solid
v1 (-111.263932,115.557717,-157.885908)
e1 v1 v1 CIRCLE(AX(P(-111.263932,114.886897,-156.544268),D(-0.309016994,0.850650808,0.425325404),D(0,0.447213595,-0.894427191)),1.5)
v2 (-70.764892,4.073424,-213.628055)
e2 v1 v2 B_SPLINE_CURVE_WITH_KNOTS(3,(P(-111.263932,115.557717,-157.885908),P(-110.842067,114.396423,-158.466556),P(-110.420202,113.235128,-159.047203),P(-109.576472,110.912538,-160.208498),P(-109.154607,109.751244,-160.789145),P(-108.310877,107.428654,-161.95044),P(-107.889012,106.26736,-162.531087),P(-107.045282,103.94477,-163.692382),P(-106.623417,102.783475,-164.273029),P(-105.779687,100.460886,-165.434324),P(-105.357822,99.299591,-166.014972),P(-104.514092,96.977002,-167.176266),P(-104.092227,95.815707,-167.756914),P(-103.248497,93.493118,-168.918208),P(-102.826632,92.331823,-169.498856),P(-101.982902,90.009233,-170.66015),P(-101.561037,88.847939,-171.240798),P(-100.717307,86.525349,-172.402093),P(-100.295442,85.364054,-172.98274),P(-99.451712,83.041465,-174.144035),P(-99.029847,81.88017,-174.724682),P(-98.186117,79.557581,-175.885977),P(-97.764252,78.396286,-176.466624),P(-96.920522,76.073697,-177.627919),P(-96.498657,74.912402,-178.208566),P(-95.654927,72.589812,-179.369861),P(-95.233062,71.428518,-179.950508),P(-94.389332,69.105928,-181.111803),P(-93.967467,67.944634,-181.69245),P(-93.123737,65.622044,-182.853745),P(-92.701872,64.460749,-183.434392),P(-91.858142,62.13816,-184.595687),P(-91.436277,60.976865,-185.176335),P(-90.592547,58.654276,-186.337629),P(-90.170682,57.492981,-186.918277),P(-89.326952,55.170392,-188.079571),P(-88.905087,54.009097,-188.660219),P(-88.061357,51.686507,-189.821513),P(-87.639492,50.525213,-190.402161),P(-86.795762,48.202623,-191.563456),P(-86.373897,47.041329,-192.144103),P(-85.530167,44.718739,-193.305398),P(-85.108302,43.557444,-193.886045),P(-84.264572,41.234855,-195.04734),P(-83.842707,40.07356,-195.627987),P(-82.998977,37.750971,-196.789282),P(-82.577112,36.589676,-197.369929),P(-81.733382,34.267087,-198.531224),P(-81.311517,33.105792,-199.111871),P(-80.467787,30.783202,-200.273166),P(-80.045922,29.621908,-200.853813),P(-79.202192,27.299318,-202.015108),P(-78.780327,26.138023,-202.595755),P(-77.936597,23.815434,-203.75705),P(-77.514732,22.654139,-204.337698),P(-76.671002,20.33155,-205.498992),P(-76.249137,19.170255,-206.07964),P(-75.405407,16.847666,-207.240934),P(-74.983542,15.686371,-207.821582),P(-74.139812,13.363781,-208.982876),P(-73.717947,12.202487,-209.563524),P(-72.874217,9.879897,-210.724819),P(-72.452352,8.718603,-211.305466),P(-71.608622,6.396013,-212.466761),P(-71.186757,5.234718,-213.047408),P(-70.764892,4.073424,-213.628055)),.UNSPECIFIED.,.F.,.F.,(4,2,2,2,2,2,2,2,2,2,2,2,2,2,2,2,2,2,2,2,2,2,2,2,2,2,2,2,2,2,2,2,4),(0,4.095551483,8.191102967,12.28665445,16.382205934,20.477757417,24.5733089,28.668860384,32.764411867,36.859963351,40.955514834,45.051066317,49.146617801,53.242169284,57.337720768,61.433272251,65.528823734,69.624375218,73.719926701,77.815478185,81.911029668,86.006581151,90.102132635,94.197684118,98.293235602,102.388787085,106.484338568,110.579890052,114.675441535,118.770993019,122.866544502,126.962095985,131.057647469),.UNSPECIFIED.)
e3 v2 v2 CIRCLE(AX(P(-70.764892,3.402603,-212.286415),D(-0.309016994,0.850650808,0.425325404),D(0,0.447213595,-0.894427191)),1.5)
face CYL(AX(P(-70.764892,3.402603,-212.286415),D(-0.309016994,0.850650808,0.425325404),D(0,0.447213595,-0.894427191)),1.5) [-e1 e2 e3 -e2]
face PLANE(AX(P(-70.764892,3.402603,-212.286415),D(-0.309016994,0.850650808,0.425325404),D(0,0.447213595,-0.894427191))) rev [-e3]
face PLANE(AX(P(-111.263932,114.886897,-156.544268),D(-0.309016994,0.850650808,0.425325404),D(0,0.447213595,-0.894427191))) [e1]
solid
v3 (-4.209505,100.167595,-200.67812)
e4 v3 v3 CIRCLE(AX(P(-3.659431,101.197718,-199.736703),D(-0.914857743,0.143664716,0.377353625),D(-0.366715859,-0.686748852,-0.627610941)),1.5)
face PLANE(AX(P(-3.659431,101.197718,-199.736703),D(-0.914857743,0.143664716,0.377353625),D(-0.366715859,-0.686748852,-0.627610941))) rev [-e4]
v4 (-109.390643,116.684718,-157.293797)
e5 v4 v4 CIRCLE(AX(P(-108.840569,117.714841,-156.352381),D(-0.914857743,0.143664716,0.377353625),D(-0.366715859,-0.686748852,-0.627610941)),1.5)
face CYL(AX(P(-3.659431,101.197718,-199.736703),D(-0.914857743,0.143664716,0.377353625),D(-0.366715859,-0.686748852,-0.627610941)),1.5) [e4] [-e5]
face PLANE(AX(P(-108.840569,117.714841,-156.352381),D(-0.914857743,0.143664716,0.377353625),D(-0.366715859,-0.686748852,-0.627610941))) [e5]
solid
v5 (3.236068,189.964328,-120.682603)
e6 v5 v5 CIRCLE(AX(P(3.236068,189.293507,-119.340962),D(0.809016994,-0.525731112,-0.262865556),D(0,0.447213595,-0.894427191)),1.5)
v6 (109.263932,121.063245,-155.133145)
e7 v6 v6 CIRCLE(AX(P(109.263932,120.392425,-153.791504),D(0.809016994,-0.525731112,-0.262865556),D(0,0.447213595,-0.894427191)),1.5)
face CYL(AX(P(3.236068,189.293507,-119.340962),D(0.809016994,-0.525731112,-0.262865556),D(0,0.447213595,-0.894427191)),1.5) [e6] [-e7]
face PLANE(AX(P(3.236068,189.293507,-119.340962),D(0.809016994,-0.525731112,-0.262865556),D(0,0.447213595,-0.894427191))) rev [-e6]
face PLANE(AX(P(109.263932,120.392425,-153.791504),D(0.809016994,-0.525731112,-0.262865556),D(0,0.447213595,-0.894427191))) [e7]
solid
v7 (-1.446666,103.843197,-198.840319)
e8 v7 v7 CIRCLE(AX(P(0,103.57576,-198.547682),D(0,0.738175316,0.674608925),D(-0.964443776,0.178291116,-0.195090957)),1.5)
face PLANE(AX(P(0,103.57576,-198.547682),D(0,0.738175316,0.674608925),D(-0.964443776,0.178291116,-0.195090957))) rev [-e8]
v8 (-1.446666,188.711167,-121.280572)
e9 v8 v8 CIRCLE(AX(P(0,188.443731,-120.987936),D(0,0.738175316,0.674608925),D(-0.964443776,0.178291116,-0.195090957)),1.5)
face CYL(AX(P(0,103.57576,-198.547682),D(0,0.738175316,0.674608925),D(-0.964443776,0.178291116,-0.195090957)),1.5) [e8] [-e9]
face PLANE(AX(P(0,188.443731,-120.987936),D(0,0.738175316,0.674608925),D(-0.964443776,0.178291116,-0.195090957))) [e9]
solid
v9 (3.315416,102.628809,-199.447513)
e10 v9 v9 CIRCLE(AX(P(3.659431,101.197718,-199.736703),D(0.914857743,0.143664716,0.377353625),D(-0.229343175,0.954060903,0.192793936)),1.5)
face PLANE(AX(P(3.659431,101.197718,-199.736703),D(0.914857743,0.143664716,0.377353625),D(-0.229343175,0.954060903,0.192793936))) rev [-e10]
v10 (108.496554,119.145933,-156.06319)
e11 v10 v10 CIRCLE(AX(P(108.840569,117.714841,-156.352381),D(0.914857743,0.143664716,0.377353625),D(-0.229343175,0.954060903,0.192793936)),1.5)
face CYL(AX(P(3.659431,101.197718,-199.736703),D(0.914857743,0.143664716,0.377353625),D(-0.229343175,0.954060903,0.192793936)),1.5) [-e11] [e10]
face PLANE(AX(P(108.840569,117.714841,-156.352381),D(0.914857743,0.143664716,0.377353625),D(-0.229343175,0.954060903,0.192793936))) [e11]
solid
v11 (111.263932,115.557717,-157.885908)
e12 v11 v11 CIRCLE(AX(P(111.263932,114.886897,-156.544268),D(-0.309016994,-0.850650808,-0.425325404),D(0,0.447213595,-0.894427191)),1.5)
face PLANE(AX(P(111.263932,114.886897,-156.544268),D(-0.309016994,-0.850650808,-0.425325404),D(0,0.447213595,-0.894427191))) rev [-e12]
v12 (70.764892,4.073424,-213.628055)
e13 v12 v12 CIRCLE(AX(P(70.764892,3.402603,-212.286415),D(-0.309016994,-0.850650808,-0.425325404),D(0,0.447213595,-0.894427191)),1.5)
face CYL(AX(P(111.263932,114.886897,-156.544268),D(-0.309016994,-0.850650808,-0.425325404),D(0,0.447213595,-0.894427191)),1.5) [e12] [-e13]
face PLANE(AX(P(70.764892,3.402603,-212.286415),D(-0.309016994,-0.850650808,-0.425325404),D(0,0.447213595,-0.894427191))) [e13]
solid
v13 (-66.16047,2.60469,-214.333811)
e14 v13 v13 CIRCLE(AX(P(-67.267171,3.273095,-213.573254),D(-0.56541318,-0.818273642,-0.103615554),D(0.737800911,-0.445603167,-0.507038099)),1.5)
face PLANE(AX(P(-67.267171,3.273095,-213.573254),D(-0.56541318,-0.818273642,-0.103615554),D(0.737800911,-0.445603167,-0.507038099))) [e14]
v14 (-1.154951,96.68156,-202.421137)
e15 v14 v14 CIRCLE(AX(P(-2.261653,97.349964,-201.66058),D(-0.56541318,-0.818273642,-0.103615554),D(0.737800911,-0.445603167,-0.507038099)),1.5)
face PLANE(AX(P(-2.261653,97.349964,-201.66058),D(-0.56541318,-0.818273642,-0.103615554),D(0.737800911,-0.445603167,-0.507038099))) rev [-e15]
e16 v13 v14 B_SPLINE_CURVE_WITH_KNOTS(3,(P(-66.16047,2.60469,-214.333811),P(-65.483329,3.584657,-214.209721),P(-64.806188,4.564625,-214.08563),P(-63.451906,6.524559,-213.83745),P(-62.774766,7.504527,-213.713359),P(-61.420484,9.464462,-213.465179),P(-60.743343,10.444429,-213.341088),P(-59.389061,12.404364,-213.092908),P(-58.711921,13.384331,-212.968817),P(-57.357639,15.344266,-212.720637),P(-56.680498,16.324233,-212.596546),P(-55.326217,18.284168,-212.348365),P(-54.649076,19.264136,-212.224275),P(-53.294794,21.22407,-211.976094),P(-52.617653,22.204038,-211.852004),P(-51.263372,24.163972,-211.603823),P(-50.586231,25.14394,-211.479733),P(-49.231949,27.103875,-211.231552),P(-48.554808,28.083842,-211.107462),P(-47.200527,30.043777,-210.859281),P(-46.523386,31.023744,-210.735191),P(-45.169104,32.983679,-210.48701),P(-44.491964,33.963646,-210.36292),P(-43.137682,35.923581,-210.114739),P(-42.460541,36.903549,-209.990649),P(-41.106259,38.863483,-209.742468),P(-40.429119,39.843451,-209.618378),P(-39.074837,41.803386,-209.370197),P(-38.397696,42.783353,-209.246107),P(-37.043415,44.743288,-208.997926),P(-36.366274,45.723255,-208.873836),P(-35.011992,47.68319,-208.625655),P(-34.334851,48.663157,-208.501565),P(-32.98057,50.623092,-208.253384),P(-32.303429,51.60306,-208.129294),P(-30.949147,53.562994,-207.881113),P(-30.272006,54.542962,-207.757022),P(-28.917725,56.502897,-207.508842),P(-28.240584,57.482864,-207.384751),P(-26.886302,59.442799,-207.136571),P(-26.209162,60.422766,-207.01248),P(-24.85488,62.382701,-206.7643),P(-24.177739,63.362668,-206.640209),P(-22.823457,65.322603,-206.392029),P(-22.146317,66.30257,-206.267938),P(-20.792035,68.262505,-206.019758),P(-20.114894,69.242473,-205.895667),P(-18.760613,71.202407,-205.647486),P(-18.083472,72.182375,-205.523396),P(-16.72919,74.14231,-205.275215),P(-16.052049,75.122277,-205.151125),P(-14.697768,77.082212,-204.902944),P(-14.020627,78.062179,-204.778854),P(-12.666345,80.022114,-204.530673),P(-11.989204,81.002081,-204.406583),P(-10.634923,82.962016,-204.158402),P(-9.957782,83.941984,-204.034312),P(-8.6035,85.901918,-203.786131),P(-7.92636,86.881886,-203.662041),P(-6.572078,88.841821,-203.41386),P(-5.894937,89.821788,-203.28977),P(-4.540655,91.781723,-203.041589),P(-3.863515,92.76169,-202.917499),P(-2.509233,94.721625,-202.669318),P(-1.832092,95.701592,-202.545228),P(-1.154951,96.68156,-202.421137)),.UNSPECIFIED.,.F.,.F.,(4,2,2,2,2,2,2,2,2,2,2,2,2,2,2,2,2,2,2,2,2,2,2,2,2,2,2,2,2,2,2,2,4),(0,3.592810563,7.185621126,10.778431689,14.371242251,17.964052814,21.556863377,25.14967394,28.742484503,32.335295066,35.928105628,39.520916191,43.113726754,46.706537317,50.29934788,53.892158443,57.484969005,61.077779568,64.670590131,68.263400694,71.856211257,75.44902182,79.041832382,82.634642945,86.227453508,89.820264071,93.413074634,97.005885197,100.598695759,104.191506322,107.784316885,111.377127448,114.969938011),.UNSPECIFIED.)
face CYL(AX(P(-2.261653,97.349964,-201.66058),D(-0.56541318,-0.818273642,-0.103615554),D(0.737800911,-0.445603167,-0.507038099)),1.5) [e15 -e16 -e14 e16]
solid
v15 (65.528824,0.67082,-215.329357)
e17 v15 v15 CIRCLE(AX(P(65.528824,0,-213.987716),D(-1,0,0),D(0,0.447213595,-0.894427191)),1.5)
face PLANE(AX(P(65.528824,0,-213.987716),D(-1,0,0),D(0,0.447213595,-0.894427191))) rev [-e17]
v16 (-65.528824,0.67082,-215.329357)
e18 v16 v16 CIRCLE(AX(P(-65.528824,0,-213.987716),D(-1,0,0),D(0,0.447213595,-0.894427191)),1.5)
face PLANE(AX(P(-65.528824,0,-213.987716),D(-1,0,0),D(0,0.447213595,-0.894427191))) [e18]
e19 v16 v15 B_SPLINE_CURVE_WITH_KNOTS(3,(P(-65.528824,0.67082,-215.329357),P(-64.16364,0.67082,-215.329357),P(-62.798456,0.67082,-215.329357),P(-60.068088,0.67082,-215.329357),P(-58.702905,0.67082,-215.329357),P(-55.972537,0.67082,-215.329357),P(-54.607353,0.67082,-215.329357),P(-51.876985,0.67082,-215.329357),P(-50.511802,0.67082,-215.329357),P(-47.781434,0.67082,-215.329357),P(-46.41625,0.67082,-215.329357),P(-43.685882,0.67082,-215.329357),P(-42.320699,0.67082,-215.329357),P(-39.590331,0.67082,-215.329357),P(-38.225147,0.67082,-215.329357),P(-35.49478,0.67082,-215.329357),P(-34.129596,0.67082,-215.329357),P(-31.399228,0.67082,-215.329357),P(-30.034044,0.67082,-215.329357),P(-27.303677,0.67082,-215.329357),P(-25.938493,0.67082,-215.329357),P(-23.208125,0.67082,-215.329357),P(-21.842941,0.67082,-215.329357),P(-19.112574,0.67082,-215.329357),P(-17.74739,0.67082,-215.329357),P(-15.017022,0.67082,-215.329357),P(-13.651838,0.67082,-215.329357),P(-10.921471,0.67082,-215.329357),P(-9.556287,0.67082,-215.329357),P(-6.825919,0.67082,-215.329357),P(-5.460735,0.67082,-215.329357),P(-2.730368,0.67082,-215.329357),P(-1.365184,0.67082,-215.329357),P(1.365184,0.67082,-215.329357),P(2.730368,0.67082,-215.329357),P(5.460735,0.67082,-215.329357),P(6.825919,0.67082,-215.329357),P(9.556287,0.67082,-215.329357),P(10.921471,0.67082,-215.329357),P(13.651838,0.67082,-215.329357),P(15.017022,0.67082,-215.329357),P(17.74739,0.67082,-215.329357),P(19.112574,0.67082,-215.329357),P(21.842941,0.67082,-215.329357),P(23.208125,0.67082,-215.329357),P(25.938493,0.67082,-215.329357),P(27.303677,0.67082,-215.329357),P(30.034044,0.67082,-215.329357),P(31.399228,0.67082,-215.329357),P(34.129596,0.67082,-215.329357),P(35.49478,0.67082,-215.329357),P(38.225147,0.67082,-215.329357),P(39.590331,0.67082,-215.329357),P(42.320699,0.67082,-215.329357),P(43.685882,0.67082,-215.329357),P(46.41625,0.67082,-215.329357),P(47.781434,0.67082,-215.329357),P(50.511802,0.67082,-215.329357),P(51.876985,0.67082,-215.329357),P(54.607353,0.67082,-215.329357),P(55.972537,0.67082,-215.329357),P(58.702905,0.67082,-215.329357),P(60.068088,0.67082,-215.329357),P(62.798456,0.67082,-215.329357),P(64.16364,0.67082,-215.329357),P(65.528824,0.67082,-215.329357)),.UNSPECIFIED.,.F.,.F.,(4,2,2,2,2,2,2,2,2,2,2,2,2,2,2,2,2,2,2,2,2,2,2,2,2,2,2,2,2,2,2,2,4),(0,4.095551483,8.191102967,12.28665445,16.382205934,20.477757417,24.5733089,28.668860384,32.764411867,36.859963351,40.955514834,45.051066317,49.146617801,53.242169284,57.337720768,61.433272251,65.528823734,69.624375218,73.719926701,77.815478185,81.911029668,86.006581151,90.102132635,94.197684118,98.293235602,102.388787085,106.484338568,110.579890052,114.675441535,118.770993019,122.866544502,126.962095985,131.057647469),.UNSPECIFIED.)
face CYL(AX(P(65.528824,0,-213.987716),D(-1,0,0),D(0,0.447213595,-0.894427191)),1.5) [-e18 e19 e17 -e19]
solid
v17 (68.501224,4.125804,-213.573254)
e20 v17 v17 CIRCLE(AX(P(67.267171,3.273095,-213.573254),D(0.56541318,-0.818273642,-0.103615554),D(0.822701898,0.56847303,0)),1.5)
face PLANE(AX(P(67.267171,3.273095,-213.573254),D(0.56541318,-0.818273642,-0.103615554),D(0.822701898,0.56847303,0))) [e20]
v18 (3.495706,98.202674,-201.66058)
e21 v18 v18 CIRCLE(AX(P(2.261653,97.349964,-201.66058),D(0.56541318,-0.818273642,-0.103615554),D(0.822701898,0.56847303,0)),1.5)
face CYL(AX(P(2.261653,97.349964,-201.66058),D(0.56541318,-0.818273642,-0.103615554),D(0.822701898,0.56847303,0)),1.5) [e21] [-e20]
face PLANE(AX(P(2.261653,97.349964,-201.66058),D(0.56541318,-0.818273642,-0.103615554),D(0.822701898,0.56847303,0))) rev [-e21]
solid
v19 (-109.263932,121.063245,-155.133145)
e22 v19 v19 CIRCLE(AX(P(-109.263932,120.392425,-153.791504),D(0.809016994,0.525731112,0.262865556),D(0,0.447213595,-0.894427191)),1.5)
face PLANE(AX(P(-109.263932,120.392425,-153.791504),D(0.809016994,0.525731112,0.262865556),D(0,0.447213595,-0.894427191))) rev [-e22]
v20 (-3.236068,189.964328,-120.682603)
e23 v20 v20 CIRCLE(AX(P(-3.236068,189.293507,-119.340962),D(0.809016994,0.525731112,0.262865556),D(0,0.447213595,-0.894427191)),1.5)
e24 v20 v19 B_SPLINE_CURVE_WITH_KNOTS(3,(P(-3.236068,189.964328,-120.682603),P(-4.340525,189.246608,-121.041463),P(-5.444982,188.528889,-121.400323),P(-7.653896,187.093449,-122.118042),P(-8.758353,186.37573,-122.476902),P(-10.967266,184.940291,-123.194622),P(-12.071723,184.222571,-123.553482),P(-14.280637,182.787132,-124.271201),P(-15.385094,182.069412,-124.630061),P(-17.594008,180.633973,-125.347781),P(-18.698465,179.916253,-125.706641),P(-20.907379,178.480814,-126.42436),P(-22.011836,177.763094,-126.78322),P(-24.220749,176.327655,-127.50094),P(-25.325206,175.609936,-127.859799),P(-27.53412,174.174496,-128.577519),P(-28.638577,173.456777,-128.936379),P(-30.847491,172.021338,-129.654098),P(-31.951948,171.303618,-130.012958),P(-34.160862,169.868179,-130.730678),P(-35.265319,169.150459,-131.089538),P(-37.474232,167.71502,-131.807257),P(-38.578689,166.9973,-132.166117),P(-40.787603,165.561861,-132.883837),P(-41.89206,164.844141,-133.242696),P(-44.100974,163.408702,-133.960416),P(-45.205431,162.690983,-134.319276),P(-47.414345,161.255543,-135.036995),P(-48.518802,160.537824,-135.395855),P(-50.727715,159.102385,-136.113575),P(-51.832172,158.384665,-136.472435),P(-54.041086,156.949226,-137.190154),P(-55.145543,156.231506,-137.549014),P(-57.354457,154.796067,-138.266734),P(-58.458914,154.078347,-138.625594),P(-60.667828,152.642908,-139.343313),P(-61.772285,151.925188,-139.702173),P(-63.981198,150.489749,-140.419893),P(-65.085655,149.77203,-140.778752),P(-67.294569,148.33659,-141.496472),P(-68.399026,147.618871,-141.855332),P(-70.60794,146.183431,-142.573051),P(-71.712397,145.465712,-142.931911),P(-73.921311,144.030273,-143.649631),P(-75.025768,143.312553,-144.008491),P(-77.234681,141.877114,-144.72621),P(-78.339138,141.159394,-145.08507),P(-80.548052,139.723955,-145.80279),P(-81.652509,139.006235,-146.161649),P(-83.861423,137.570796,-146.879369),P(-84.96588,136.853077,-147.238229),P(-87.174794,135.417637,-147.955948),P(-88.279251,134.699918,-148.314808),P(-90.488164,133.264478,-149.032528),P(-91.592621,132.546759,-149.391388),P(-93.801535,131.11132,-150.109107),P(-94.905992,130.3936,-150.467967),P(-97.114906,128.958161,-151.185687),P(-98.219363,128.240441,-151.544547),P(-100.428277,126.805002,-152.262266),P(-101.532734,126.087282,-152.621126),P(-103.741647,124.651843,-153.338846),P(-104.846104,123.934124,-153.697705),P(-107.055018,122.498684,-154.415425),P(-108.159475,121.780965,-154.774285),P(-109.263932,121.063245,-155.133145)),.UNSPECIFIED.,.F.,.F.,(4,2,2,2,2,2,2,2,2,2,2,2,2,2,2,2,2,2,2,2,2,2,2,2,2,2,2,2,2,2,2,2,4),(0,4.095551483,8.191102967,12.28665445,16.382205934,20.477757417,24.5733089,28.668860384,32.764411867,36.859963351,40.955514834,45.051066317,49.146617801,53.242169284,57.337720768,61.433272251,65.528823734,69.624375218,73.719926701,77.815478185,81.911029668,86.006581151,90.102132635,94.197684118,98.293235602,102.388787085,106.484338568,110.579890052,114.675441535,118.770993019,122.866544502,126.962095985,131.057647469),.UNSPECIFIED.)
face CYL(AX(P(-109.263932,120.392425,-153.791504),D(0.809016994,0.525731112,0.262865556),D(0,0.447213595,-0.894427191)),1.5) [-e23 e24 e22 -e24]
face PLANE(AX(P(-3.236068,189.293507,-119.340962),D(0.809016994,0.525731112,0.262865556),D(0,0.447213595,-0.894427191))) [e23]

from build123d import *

# Parameters (mm, degrees)
SKETCH20_R        = 1.5
SKETCH21_R        = 1.5
CIRPATTERN7_COUNT = 5
CIRPATTERN8_COUNT = 5


with BuildPart() as part:
    # Sweep4: sweep along a path in Sketch16
    with BuildLine(Plane(origin=(66.892069837, 70.138107462, -188.876148446), x_dir=(-0.9490605003608429, 0.10968961318168566, -0.2953850968056427), z_dir=(0.3150939013291542, 0.3303843036360469, -0.8896977269028498))) as sweep4_path:
        Line((68.099364678, 21.05930201), (-0.395234209, -71.280161761))
    # Sketch20 → Sweep4 (sweep)
    with BuildSketch(Plane(origin=(2.261652721, 97.349964421, -201.660580189), x_dir=(-0.8248078173251137, -0.5609339440894788, -0.07102939425057496), z_dir=(0.5654131803198278, -0.8182736416337228, -0.10361555350478845))):
        Circle(SKETCH20_R)
    sweep(path=sweep4_path.line)


with BuildPart() as body_2:
    # Sweep5: sweep along a path in Sketch6
    with BuildLine(Plane(origin=(0, 85.595086467, -171.190172933), x_dir=(-1, 0, 0), z_dir=(0, 0.44721359549995754, -0.8944271909999162))) as sweep5_path:
        Line((-111.263932023, 32.749239761), (-70.764891712, -91.893989874))
    # Sketch21 → Sweep5 (sweep)
    with BuildSketch(Plane(origin=(70.764891712, 3.402603233, -212.28641455), x_dir=(-0.9510565162951541, 0.2763932022500199, 0.1381966011250097), z_dir=(-0.309016994374946, -0.8506508083520407, -0.42532540417601955))):
        Circle(SKETCH21_R)
    sweep(path=sweep5_path.line)


with BuildPart() as cirpattern7_1:
    # CirPattern7: pattern copy
    add(part.part.rotate(Axis((0, 85.595086467, -171.190172933), (2.4466476304515184e-15, 0.44721359549995693, -0.8944271909999164)), 1 * 360 / CIRPATTERN7_COUNT))


with BuildPart() as cirpattern7_2:
    # CirPattern7: pattern copy
    add(part.part.rotate(Axis((0, 85.595086467, -171.190172933), (2.4466476304515184e-15, 0.44721359549995693, -0.8944271909999164)), 2 * 360 / CIRPATTERN7_COUNT))


with BuildPart() as cirpattern7_3:
    # CirPattern7: pattern copy
    add(part.part.rotate(Axis((0, 85.595086467, -171.190172933), (2.4466476304515184e-15, 0.44721359549995693, -0.8944271909999164)), 3 * 360 / CIRPATTERN7_COUNT))


with BuildPart() as cirpattern7_4:
    # CirPattern7: pattern copy
    add(part.part.rotate(Axis((0, 85.595086467, -171.190172933), (2.4466476304515184e-15, 0.44721359549995693, -0.8944271909999164)), 4 * 360 / CIRPATTERN7_COUNT))


with BuildPart() as cirpattern8_1:
    # CirPattern8: pattern copy
    add(body_2.part.rotate(Axis((0, 0, 0), (2.0720596882994017e-15, 0.44721359549995665, -0.8944271909999165)), 1 * 360 / CIRPATTERN8_COUNT))


with BuildPart() as cirpattern8_2:
    # CirPattern8: pattern copy
    add(body_2.part.rotate(Axis((0, 0, 0), (2.0720596882994017e-15, 0.44721359549995665, -0.8944271909999165)), 2 * 360 / CIRPATTERN8_COUNT))


with BuildPart() as cirpattern8_3:
    # CirPattern8: pattern copy
    add(body_2.part.rotate(Axis((0, 0, 0), (2.0720596882994017e-15, 0.44721359549995665, -0.8944271909999165)), 3 * 360 / CIRPATTERN8_COUNT))


with BuildPart() as cirpattern8_4:
    # CirPattern8: pattern copy
    add(body_2.part.rotate(Axis((0, 0, 0), (2.0720596882994017e-15, 0.44721359549995665, -0.8944271909999165)), 4 * 360 / CIRPATTERN8_COUNT))


solid = Compound([part.part, body_2.part, cirpattern7_1.part, cirpattern7_2.part, cirpattern7_3.part, cirpattern7_4.part, cirpattern8_1.part, cirpattern8_2.part, cirpattern8_3.part, cirpattern8_4.part])
